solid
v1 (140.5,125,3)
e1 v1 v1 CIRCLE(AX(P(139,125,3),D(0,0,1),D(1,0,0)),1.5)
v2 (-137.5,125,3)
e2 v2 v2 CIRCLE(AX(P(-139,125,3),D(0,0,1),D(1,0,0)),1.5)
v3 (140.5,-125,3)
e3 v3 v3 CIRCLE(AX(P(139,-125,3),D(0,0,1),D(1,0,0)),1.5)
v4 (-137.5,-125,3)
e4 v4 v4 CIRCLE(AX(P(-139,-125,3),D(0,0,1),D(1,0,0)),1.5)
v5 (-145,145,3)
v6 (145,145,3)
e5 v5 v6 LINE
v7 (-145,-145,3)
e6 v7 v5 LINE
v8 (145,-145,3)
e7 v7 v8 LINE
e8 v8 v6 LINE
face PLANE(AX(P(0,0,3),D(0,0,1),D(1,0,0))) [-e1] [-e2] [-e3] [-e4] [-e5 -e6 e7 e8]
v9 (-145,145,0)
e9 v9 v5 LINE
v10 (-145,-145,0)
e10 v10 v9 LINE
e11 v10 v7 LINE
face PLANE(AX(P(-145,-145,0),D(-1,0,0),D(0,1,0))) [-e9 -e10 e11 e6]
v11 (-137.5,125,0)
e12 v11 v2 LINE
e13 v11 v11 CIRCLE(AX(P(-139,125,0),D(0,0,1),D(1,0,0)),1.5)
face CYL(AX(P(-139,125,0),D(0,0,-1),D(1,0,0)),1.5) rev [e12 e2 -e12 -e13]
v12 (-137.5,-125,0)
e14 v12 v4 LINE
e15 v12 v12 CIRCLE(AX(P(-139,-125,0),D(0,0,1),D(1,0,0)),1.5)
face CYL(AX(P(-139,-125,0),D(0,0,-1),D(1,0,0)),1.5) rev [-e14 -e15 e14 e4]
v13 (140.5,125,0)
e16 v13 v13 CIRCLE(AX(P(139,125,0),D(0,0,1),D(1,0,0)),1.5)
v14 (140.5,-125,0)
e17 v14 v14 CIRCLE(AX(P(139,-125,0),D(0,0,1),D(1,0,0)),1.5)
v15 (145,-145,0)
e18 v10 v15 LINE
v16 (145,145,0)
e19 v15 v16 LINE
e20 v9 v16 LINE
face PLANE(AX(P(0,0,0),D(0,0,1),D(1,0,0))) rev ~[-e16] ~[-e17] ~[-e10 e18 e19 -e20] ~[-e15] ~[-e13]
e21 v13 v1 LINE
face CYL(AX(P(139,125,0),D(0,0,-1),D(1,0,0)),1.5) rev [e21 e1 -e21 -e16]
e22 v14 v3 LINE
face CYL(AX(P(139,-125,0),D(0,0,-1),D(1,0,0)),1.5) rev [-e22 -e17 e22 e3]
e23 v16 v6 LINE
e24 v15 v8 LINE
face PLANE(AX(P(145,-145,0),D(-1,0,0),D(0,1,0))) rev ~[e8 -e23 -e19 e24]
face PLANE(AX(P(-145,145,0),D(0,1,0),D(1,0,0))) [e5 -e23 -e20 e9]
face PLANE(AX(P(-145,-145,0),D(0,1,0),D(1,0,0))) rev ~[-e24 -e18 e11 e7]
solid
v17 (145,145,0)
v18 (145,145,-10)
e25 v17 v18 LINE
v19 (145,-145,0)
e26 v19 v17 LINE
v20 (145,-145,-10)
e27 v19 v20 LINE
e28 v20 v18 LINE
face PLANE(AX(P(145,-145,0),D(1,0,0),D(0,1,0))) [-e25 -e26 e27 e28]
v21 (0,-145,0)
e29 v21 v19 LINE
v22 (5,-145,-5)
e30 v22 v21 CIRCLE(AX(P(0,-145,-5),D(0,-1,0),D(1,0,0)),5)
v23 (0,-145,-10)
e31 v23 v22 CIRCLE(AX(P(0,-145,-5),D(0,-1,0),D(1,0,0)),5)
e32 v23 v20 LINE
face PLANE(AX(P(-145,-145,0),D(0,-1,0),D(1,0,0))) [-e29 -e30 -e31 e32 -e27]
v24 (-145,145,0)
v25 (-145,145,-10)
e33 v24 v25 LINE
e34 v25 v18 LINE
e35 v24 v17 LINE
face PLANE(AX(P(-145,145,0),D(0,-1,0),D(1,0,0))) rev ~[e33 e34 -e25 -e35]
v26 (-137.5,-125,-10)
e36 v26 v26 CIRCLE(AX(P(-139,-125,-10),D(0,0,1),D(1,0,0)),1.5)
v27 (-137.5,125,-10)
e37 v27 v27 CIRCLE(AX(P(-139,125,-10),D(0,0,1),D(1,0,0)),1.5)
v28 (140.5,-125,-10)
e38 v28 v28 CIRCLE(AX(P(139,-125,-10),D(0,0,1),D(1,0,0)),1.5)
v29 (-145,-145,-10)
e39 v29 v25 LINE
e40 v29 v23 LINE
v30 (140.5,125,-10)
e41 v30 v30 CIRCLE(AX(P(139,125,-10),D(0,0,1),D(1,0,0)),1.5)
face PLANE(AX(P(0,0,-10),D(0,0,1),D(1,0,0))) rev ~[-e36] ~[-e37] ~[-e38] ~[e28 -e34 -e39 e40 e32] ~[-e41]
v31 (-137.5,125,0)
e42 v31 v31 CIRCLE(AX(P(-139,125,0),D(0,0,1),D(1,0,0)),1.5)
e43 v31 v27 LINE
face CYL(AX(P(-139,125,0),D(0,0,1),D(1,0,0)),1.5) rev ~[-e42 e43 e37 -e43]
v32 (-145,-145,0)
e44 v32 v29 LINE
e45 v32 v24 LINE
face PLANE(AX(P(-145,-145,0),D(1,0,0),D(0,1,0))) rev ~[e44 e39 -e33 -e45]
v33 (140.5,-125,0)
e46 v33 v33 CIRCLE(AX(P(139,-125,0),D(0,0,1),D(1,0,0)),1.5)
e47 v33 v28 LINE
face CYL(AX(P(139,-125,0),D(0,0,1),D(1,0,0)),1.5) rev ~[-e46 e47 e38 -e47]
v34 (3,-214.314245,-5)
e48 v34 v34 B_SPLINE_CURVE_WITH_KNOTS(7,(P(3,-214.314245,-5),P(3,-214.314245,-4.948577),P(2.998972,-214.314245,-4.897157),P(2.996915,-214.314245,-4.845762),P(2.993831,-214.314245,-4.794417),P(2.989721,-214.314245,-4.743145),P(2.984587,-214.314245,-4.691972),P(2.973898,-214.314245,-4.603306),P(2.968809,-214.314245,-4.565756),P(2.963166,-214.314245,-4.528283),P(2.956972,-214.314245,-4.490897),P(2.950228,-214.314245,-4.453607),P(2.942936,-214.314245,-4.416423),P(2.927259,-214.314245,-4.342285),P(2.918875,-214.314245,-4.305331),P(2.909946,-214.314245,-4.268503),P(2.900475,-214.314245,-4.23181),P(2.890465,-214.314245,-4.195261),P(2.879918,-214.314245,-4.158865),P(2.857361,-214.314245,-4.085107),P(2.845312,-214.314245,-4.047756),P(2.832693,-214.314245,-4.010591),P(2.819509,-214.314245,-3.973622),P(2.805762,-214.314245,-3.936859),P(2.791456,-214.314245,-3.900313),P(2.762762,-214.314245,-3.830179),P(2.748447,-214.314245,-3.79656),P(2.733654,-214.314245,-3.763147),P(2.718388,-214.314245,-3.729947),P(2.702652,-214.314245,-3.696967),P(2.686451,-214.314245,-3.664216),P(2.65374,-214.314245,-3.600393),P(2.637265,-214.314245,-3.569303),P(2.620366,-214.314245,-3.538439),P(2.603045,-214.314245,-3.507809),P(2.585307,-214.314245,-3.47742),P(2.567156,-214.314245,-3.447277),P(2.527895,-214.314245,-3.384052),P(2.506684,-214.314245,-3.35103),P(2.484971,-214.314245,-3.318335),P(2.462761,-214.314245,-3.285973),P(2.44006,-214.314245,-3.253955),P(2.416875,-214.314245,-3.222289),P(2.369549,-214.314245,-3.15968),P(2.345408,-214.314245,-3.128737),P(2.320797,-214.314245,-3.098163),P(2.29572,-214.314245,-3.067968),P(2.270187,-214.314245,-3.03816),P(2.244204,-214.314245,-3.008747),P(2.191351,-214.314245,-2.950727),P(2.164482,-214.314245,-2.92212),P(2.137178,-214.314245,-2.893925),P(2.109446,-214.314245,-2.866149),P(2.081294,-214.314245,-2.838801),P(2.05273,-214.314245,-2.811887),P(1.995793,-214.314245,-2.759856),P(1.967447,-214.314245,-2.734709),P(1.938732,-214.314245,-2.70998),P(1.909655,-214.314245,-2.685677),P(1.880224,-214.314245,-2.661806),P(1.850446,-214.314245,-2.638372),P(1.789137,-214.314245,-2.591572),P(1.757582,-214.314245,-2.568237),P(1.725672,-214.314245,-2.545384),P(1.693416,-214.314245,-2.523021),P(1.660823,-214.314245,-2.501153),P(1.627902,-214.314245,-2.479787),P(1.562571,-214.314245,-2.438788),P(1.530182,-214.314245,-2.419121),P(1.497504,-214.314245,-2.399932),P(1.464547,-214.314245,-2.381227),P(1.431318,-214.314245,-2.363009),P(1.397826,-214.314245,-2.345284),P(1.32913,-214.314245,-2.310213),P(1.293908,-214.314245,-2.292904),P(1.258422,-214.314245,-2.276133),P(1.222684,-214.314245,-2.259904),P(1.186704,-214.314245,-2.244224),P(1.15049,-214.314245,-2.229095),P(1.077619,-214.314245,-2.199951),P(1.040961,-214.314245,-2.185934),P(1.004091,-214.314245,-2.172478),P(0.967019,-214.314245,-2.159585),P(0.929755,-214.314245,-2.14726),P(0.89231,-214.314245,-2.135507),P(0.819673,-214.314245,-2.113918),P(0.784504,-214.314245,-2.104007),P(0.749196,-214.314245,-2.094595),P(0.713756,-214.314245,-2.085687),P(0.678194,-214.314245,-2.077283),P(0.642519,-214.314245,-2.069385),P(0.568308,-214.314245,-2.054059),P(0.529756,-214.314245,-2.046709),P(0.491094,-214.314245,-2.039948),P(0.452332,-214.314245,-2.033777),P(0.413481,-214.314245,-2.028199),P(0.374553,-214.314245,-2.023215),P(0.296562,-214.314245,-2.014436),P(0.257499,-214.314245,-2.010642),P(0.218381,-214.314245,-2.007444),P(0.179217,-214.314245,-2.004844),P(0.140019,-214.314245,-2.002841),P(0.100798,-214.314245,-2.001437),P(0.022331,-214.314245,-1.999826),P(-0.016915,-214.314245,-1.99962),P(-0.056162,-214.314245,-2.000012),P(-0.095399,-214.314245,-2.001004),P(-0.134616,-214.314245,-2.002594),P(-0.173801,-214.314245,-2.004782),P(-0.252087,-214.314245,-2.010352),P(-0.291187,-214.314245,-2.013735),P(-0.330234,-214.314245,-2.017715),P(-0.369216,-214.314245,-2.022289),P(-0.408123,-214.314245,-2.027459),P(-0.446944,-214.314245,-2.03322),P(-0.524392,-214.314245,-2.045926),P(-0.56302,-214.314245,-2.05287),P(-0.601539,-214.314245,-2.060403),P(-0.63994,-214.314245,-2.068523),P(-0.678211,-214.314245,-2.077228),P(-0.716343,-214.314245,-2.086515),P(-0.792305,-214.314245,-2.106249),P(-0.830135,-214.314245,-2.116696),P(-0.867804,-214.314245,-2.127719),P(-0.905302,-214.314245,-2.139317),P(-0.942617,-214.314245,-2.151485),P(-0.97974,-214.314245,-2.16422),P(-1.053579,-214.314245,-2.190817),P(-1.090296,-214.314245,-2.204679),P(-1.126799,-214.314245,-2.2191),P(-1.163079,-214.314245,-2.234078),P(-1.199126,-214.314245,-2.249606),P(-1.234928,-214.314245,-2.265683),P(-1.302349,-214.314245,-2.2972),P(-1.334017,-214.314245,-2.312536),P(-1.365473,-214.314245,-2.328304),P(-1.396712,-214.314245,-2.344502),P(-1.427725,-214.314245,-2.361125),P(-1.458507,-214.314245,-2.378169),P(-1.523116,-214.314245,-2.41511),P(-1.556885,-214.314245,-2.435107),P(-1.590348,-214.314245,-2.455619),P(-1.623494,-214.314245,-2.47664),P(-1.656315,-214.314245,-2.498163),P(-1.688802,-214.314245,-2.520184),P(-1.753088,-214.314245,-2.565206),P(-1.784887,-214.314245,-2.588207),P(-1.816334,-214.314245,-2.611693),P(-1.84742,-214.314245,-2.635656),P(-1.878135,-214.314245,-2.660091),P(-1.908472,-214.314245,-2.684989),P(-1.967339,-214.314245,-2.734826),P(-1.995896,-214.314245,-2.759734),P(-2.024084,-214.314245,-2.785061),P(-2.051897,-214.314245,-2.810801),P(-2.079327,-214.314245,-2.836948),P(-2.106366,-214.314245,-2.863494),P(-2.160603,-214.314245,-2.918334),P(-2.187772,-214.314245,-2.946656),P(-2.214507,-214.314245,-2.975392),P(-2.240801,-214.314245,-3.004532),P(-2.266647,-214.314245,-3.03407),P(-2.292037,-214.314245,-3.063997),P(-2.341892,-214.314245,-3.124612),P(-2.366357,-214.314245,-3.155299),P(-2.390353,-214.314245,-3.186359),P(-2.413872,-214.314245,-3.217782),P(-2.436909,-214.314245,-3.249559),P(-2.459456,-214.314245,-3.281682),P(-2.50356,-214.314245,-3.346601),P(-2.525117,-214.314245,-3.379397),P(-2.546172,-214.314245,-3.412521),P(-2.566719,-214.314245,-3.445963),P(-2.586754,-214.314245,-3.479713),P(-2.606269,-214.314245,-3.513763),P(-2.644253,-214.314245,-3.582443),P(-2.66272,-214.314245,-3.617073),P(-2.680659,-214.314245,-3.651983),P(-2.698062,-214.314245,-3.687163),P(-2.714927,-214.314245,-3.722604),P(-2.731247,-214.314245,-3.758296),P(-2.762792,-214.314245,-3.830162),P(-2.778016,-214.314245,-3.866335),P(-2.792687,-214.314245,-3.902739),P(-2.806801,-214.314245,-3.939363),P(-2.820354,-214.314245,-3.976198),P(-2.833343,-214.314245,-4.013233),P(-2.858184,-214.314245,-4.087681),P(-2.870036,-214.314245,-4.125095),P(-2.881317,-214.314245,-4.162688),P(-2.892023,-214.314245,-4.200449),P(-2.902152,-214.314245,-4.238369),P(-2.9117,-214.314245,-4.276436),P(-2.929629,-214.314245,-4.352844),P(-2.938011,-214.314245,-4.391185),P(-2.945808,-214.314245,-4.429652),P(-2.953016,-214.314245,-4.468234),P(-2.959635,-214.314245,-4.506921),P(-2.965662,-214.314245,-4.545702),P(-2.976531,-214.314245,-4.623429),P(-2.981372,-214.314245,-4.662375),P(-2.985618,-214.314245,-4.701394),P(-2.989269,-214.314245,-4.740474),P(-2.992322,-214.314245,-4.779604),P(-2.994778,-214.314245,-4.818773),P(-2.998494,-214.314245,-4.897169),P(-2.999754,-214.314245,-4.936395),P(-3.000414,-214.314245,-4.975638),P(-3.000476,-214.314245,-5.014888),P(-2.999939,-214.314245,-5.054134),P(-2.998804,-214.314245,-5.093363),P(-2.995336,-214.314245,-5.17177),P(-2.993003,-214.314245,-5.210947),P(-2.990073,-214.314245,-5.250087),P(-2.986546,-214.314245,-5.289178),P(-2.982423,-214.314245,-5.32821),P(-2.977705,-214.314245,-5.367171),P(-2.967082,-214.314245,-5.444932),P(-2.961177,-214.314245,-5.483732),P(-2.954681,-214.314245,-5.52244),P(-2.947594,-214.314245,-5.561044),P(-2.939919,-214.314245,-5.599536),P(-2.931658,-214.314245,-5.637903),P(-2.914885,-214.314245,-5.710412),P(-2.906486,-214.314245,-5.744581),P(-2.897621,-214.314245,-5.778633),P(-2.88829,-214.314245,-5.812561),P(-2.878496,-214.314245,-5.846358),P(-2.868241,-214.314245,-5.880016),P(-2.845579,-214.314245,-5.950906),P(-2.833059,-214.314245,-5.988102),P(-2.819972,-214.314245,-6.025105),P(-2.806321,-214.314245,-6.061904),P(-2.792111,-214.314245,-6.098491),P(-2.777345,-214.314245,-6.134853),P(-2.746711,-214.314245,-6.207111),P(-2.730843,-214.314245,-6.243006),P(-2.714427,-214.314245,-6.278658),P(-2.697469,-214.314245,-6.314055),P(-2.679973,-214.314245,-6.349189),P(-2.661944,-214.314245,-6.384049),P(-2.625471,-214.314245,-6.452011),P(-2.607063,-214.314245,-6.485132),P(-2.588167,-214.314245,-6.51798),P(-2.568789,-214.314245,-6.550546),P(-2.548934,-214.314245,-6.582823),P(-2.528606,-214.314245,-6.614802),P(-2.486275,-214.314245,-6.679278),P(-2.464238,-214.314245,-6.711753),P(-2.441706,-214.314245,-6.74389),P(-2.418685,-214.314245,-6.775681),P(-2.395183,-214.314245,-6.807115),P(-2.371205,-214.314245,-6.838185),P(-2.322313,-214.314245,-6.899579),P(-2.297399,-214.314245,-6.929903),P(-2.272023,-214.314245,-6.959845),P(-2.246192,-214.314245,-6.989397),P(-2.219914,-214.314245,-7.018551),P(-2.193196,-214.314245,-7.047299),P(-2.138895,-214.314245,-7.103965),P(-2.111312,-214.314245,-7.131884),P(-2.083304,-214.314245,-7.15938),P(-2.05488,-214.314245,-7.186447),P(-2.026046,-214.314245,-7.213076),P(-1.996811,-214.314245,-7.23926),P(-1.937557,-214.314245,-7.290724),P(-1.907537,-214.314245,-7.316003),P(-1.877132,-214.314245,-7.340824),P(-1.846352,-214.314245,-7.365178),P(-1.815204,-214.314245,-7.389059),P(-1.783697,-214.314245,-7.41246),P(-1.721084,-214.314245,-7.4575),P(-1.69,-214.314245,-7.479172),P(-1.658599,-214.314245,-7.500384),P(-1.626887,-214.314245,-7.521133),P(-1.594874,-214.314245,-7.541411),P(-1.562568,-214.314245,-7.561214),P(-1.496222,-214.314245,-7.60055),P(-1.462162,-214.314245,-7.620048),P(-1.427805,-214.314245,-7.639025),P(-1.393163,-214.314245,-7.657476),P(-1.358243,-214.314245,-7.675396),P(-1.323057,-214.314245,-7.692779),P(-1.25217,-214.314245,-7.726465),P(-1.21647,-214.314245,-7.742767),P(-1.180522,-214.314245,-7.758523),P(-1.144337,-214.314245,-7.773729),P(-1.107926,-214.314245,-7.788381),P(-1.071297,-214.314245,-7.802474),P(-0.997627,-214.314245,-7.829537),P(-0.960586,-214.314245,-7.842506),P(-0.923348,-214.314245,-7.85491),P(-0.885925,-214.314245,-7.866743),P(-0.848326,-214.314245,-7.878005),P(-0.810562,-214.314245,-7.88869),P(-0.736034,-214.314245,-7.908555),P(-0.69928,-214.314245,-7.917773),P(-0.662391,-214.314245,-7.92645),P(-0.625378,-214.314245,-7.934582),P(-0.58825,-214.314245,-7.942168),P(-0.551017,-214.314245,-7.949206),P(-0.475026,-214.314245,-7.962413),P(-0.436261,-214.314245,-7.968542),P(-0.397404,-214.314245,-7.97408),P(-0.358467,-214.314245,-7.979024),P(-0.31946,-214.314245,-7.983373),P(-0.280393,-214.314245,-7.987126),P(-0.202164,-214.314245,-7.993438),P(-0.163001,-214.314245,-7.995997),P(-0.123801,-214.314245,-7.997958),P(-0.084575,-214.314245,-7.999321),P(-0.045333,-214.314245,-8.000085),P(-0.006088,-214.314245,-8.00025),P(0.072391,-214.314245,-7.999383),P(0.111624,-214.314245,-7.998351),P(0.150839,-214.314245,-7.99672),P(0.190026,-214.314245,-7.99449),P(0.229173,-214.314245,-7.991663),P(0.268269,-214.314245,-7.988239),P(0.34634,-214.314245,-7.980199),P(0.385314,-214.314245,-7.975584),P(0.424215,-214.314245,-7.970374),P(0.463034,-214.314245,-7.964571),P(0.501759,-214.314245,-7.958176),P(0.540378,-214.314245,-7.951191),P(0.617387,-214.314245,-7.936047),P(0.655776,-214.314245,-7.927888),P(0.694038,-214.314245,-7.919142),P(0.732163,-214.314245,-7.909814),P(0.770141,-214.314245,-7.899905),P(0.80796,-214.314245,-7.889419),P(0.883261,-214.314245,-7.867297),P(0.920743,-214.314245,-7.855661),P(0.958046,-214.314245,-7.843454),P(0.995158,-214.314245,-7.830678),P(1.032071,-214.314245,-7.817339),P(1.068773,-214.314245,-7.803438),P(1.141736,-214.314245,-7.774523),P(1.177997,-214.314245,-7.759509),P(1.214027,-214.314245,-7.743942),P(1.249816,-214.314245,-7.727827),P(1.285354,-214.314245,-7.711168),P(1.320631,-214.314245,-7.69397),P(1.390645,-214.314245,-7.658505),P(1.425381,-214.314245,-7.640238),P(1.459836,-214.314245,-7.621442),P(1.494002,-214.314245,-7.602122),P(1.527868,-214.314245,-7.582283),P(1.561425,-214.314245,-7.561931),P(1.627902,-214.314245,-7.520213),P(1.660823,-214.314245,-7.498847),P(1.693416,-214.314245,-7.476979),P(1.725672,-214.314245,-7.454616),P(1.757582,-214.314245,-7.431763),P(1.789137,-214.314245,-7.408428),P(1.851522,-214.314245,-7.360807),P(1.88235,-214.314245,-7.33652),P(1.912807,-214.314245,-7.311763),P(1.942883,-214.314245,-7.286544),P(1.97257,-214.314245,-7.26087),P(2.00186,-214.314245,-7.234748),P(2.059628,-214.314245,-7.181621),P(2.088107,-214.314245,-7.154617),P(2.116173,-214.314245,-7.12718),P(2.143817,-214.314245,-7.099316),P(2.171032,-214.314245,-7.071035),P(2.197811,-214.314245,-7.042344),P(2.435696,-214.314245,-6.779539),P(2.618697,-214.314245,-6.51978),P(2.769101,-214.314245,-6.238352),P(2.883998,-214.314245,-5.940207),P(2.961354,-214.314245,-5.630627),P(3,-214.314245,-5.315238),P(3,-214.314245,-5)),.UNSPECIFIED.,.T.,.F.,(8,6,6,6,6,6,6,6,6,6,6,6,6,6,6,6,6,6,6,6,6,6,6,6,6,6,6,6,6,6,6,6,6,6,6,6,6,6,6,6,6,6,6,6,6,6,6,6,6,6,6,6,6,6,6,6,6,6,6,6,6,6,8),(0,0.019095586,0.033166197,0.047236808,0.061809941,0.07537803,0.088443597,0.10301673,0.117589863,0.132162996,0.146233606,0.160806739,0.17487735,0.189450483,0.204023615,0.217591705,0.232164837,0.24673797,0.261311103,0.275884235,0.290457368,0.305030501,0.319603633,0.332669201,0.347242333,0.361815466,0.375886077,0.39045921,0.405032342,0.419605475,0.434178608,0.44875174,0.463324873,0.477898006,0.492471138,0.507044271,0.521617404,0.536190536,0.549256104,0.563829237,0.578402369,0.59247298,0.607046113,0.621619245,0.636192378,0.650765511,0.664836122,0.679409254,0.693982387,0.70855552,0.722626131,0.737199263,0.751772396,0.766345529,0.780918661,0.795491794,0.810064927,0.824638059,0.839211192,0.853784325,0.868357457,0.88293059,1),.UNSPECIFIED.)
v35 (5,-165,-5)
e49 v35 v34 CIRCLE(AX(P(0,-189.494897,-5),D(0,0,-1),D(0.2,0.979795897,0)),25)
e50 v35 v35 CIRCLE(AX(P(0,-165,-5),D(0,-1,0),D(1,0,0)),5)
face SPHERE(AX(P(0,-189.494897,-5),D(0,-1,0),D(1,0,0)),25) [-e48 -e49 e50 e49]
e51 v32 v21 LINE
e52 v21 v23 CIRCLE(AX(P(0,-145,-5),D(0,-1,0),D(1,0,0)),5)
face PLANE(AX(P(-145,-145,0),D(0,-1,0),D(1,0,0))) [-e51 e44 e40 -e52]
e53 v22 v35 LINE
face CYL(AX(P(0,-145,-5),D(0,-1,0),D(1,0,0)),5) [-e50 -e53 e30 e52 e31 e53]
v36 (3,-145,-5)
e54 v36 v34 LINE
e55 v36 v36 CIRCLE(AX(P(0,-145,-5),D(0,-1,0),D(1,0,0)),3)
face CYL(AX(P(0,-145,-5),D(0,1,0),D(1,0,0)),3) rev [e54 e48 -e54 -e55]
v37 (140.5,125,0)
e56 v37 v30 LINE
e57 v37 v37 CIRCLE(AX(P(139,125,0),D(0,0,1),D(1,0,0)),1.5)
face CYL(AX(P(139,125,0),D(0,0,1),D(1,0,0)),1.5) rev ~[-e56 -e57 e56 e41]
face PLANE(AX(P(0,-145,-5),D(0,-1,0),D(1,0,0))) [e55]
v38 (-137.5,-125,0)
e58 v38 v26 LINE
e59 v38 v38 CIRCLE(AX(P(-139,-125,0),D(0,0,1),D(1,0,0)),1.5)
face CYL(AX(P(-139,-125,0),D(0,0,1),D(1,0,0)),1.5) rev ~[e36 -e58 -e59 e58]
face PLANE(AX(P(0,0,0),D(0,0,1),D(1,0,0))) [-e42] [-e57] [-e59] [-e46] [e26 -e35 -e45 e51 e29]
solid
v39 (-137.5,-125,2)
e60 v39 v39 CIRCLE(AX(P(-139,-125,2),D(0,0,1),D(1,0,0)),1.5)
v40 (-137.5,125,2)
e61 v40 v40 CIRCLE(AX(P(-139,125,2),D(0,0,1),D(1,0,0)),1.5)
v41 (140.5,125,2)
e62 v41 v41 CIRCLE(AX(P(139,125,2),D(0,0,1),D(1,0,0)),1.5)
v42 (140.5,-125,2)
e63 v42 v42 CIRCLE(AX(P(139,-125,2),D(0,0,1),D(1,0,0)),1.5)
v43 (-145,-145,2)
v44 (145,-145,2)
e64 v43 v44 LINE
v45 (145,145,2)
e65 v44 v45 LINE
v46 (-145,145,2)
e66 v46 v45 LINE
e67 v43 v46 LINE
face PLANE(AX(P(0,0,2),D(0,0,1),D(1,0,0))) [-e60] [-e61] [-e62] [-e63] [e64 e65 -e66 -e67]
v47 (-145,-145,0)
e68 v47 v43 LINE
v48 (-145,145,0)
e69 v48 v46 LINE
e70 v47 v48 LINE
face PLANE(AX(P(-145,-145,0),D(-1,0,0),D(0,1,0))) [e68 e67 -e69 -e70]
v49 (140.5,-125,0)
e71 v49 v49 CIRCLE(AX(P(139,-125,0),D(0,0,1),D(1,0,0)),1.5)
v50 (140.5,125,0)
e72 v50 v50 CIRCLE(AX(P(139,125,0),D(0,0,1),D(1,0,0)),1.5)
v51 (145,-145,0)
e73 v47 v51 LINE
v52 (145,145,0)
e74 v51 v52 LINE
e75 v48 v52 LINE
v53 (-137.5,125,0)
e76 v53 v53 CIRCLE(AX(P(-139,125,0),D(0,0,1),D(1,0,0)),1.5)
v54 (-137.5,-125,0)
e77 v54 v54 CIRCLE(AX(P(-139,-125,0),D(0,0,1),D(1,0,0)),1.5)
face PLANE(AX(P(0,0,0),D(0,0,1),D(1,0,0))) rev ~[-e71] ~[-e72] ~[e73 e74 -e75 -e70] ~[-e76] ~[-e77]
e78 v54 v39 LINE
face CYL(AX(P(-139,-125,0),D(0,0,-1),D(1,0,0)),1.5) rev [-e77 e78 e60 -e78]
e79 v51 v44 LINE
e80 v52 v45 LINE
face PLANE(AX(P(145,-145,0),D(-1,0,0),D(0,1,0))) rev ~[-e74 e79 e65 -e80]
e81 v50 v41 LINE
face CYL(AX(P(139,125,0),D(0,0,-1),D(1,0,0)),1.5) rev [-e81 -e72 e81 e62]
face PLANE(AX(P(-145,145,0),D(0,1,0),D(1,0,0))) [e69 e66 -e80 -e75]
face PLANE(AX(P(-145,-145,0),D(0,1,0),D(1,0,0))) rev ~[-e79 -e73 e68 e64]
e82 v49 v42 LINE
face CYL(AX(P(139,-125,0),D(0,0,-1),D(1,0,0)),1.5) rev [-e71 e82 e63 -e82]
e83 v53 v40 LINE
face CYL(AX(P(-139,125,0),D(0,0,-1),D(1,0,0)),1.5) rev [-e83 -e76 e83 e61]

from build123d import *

# Parameters (mm, degrees)
F0_W      = 290
F0_H      = 290
F0_R      = 1.5
F1_DEPTH  = 2
F2_DEPTH  = 10
F3_DEPTH  = 3
F10_R     = 3
F11_DEPTH = 100


with BuildPart() as f1:
    # F0 (on Top) → F1 (new body)
    with BuildSketch(Plane.XY):
        Rectangle(F0_W, F0_H)
        with Locations((-139, -125)):
            Circle(F0_R, mode=Mode.SUBTRACT)
        with Locations((139, -125)):
            Circle(F0_R, mode=Mode.SUBTRACT)
        with Locations((-139, 125)):
            Circle(F0_R, mode=Mode.SUBTRACT)
        with Locations((139, 125)):
            Circle(F0_R, mode=Mode.SUBTRACT)
    extrude(amount=F1_DEPTH)


with BuildPart() as f2:
    # F0 (on Top) → F2 (new body)
    with BuildSketch(Plane.XY):
        Rectangle(F0_W, F0_H)
        with Locations((-139, -125)):
            Circle(F0_R, mode=Mode.SUBTRACT)
        with Locations((139, -125)):
            Circle(F0_R, mode=Mode.SUBTRACT)
        with Locations((-139, 125)):
            Circle(F0_R, mode=Mode.SUBTRACT)
        with Locations((139, 125)):
            Circle(F0_R, mode=Mode.SUBTRACT)
    extrude(amount=-F2_DEPTH)

    # F8 (on 3pt) → F9 (revolve)
    with BuildSketch(Plane(origin=(0, 0, -5), x_dir=(1, 0, 0), z_dir=(0, 0, -1))):
        with BuildLine():
            Line((0, 145), (5, 145))
            Line((5, 145), (5, 165))
            ThreePointArc((5, 165), (24.8734038251, 192.007621478), (0, 214.4948974278))
            Line((0, 214.4948974278), (0, 145))
        make_face()
    revolve(axis=Axis((0, -163.7877052568, -5), (0, -1, 0)))

    # F10 (on face) → F11 (cut)
    with BuildSketch(Plane.XZ.offset(145)):
        with Locations((0, -5)):
            Circle(F10_R)
    extrude(amount=F11_DEPTH, mode=Mode.SUBTRACT)


with BuildPart() as f3:
    # F0 (on Top) → F3 (new body)
    with BuildSketch(Plane.XY):
        Rectangle(F0_W, F0_H)
        with Locations((-139, -125)):
            Circle(F0_R, mode=Mode.SUBTRACT)
        with Locations((139, -125)):
            Circle(F0_R, mode=Mode.SUBTRACT)
        with Locations((-139, 125)):
            Circle(F0_R, mode=Mode.SUBTRACT)
        with Locations((139, 125)):
            Circle(F0_R, mode=Mode.SUBTRACT)
    extrude(amount=F3_DEPTH)


solid = Compound([f1.part, f2.part, f3.part])
